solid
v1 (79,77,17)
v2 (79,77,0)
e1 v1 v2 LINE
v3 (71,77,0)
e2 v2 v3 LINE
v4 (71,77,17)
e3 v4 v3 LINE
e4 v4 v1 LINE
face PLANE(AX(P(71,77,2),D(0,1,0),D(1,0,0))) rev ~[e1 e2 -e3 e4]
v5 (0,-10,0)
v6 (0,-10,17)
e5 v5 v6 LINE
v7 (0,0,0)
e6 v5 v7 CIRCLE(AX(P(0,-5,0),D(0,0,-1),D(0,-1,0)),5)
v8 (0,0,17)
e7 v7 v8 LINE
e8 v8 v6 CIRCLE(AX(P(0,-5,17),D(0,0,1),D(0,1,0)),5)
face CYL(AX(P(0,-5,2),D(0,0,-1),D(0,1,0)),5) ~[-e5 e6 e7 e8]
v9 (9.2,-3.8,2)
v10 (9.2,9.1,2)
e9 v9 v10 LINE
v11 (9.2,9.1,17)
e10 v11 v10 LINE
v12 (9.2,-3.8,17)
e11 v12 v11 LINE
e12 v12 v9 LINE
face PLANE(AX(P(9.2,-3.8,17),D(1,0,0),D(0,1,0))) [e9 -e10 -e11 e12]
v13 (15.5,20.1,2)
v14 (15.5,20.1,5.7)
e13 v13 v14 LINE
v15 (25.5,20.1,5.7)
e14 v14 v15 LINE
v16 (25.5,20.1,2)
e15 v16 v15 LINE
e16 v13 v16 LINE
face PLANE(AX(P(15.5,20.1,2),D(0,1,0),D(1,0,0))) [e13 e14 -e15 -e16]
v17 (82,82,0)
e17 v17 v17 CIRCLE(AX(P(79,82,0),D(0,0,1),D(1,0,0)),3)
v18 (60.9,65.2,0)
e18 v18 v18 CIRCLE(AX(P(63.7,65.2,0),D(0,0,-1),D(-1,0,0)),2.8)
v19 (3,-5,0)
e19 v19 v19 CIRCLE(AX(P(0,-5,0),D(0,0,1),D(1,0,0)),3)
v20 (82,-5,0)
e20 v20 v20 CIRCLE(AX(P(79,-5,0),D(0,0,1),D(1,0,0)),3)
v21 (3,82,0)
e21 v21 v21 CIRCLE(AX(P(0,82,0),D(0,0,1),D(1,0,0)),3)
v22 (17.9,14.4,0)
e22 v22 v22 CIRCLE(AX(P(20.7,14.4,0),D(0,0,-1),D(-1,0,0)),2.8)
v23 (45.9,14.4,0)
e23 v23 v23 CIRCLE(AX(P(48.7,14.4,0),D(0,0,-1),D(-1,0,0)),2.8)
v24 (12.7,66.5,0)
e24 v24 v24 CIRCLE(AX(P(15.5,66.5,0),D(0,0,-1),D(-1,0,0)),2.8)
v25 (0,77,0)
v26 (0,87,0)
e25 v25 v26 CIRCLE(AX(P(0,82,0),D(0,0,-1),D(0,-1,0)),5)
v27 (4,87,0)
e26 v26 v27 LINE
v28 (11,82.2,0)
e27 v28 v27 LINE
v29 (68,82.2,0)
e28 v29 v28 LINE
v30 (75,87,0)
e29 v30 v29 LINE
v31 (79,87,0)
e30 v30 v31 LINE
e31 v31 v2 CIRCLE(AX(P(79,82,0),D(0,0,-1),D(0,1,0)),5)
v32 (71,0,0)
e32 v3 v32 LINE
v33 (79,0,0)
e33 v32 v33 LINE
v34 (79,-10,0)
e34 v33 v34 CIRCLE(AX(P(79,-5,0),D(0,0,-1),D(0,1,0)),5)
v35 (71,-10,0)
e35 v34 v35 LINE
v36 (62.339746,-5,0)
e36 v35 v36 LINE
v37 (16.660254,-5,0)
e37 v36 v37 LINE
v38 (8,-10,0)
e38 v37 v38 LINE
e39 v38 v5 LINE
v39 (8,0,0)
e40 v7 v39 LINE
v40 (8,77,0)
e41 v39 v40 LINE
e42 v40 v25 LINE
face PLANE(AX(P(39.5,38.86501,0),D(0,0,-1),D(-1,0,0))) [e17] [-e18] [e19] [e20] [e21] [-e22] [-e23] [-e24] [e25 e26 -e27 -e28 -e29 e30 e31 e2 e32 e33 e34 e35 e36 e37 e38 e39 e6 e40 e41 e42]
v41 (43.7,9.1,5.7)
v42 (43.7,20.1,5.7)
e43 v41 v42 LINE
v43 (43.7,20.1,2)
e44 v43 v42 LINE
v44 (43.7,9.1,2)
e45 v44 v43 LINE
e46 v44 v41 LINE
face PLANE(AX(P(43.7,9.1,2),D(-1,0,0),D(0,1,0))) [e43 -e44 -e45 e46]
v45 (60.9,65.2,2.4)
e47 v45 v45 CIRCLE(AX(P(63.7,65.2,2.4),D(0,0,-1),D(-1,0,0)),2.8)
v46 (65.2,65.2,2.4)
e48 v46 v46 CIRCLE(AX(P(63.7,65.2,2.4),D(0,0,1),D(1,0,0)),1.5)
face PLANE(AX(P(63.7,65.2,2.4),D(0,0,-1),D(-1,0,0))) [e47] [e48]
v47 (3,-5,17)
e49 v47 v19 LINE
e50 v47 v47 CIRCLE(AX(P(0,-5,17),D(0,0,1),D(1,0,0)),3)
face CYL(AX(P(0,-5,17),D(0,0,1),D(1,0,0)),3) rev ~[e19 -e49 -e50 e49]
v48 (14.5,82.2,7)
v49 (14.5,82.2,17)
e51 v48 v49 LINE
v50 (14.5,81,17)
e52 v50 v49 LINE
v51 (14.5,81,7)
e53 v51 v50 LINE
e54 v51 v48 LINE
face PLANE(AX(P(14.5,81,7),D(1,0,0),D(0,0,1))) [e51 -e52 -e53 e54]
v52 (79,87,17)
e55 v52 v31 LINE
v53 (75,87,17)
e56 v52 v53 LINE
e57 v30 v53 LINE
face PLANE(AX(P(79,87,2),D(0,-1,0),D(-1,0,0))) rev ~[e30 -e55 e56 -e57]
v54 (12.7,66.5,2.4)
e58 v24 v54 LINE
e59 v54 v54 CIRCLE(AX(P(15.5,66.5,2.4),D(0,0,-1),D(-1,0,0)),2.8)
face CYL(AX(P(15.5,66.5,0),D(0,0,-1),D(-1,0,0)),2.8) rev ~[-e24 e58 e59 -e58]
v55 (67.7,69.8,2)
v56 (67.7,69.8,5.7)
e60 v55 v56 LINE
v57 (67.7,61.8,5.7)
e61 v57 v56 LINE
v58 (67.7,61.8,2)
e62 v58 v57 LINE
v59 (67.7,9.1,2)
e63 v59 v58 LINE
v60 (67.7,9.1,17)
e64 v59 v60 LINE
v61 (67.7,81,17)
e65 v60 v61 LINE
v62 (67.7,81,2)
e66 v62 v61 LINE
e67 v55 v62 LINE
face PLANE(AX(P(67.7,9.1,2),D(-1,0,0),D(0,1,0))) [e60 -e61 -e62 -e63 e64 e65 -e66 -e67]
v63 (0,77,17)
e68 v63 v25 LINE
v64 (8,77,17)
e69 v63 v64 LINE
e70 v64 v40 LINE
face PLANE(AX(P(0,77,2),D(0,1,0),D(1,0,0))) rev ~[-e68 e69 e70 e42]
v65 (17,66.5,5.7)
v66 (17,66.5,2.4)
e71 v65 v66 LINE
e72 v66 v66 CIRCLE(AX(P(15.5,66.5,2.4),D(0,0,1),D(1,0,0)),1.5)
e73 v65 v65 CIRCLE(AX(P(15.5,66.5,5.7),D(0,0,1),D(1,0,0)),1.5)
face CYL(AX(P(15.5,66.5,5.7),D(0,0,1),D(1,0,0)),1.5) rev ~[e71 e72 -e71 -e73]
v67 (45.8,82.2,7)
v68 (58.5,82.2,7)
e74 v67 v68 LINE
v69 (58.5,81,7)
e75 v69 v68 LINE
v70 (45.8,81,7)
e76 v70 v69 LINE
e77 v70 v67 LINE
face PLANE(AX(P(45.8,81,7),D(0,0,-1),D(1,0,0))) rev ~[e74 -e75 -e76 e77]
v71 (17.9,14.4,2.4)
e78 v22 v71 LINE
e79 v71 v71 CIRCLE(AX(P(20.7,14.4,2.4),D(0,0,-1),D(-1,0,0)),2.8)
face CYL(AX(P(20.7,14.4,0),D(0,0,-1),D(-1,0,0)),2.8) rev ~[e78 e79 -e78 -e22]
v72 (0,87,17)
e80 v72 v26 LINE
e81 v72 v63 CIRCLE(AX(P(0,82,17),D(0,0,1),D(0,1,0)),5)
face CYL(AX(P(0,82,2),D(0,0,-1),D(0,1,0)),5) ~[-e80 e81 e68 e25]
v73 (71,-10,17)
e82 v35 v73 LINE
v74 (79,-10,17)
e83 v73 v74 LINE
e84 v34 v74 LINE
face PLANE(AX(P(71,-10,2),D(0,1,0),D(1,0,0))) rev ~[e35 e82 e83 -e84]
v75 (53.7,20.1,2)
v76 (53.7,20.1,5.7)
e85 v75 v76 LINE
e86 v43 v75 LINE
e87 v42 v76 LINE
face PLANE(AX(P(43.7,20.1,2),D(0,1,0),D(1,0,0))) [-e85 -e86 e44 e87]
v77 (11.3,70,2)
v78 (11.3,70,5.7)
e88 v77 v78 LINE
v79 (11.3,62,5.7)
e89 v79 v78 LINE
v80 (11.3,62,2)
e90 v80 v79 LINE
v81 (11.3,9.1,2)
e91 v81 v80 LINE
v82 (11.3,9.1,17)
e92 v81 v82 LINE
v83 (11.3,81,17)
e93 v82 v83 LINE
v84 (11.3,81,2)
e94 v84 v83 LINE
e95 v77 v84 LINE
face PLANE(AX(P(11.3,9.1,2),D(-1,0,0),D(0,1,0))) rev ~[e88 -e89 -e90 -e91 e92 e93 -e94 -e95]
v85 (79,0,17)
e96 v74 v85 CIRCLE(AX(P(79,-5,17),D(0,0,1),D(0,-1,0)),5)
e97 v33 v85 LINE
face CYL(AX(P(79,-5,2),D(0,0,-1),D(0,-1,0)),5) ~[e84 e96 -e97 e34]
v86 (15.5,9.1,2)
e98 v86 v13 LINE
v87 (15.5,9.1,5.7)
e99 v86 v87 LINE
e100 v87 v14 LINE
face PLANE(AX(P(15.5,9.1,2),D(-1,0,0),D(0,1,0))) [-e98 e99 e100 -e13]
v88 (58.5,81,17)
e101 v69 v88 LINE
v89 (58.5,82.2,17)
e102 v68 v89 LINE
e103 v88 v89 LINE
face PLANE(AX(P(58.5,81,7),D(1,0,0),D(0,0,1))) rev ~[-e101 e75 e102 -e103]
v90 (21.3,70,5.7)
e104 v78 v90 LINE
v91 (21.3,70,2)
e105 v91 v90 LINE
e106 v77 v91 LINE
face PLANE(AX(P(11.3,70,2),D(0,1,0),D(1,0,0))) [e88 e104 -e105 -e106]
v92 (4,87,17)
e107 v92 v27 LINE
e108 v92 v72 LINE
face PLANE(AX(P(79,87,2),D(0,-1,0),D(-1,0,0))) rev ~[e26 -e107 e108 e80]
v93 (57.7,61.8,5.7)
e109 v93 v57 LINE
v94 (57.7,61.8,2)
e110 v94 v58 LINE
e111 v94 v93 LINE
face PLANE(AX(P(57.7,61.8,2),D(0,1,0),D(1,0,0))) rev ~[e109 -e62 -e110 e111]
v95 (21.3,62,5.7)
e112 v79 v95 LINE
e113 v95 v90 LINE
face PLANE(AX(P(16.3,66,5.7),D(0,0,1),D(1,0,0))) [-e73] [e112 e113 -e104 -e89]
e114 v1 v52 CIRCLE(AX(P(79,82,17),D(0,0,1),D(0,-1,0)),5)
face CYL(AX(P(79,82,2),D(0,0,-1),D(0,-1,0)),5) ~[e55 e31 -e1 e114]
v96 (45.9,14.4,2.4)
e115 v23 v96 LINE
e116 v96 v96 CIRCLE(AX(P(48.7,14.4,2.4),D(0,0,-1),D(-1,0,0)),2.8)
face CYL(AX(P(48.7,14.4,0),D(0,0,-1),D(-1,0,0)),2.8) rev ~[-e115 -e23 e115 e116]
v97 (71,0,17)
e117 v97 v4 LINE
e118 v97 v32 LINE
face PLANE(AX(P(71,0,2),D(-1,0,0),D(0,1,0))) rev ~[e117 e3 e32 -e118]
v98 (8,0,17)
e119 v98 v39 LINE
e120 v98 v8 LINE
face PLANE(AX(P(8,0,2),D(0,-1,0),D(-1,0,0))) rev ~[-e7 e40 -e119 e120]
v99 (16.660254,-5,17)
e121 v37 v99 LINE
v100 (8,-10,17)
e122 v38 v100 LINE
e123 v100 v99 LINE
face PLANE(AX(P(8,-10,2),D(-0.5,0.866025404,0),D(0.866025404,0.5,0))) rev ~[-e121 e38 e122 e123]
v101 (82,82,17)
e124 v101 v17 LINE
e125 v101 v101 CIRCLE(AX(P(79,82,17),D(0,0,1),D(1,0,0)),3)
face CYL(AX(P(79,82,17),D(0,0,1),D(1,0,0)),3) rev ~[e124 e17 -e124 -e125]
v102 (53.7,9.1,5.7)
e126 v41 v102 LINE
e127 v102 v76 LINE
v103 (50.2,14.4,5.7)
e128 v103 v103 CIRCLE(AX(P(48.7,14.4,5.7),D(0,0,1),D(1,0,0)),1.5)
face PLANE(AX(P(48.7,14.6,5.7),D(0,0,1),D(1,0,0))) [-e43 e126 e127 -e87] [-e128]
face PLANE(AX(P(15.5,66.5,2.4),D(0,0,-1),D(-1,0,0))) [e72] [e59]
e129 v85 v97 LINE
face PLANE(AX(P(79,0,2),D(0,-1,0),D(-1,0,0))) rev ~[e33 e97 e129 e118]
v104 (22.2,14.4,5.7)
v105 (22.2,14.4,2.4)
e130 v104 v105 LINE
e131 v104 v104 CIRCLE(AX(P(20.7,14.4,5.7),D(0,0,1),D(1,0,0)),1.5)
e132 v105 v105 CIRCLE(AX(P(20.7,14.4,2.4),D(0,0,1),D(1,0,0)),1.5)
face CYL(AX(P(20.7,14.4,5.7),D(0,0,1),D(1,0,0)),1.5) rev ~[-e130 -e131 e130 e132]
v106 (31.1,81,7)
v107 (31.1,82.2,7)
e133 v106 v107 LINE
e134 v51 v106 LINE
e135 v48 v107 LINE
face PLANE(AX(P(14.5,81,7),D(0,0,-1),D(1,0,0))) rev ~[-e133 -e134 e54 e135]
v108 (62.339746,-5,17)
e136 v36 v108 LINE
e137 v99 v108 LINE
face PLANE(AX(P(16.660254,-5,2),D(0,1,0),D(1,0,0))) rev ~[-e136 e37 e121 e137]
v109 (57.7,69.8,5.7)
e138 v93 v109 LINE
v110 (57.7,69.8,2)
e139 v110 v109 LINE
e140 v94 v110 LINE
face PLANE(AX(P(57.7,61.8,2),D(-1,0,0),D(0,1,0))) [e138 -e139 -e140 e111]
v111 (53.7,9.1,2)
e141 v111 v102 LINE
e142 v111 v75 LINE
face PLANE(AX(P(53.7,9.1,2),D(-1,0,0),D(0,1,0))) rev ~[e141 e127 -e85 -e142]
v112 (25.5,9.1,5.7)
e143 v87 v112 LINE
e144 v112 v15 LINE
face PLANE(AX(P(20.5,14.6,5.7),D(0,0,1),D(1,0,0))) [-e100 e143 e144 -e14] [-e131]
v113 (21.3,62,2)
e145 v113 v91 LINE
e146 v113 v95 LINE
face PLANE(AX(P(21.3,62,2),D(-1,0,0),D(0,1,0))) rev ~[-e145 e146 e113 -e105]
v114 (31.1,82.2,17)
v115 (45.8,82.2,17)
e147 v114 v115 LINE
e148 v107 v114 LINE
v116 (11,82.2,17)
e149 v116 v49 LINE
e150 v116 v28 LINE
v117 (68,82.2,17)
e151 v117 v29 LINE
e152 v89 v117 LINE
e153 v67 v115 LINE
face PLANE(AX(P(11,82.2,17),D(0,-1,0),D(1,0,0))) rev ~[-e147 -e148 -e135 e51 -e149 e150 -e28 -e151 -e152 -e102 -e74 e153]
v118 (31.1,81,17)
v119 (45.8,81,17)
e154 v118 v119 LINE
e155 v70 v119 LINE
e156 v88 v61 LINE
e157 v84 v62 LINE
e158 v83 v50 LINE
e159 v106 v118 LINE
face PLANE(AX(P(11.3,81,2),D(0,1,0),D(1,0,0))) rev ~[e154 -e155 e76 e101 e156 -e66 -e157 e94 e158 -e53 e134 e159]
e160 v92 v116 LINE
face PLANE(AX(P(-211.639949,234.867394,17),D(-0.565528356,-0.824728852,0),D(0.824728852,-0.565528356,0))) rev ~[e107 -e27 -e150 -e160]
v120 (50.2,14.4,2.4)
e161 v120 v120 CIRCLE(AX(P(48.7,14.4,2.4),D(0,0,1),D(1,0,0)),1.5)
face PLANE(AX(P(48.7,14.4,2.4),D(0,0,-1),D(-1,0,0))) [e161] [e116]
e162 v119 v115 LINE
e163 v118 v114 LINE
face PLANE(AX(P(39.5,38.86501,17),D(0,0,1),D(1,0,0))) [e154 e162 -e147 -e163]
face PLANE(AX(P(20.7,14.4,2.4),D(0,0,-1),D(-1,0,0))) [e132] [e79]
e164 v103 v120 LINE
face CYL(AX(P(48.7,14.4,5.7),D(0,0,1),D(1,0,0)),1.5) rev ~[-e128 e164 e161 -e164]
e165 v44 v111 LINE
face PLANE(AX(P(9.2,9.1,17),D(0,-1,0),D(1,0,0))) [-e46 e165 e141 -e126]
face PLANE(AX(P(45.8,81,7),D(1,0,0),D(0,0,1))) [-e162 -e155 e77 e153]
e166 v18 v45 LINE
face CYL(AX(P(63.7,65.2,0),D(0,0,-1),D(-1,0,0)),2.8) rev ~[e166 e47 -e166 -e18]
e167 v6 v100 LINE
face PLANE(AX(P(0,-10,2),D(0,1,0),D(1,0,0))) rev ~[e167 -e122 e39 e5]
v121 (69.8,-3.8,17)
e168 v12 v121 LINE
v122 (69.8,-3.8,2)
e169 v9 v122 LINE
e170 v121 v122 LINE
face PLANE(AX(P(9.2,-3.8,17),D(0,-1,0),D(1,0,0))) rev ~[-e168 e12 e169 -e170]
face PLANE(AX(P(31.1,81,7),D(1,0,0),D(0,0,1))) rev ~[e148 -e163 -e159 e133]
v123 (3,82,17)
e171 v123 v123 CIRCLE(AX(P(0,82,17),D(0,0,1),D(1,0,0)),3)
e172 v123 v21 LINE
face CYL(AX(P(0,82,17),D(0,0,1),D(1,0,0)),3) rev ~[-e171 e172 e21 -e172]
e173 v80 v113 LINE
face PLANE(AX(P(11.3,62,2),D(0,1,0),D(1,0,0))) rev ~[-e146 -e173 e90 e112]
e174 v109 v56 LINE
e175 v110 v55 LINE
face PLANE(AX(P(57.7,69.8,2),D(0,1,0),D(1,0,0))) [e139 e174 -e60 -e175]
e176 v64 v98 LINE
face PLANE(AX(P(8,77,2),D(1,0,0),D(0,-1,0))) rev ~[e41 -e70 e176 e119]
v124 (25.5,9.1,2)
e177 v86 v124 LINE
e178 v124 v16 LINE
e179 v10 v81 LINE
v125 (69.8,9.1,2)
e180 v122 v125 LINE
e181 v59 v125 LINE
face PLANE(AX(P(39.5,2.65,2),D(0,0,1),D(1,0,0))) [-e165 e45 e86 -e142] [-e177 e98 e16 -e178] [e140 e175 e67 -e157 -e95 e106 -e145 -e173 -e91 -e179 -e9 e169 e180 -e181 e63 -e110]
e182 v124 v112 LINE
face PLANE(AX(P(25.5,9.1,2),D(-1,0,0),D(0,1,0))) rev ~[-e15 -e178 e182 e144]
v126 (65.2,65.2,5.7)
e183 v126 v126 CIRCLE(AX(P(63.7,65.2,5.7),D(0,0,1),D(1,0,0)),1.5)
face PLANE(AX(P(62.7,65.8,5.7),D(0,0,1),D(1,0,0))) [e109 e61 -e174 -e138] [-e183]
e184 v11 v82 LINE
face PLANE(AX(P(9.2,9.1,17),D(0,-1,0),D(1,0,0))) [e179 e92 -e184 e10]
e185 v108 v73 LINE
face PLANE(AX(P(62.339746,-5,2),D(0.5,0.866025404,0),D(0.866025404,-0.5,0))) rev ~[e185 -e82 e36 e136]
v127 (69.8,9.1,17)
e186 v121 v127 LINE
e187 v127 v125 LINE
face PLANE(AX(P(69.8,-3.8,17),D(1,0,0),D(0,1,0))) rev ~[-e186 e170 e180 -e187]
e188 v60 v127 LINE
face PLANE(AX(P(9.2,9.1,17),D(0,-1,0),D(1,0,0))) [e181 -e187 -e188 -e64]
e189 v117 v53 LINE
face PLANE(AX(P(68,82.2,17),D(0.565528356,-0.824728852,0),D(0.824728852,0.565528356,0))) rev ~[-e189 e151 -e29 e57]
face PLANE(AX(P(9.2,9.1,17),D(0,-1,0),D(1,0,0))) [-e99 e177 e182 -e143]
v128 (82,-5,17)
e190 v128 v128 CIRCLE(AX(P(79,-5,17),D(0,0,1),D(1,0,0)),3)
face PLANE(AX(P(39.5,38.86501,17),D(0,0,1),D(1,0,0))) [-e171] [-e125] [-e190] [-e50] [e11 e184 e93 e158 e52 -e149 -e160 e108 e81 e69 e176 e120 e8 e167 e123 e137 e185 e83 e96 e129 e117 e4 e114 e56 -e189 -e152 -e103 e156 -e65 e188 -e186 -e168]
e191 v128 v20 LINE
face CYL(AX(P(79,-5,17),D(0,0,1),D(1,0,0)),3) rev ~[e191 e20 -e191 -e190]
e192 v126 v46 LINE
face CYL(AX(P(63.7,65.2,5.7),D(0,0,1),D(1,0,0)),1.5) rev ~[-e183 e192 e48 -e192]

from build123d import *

# Parameters (mm, degrees)
EXTRUDE_1_DEPTH          = 2
SKETCH_2_W               = 56.4
SKETCH_2_H               = 71.9
EXTRUDE_3_DEPTH          = 15
SKETCH_6_R               = 3
CUT_EXTRUDE_1_DEPTH      = 18
SKETCH_7_W               = 10
SKETCH_7_H               = 8
SKETCH_7_H_2             = 11
EXTRUDE_4_DEPTH          = 3.7
SKETCH_8_R               = 1.5
CUT_EXTRUDE_2_DEPTH      = 6.7
CUT_EXTRUDE_5_DEPTH      = 1
CUT_EXTRUDE_5_DEPTH_BACK = 18
SKETCH_14_W              = 60.6
SKETCH_14_H              = 12.9
CUT_EXTRUDE_10_DEPTH     = 15
SKETCH_10_W              = 16.6
SKETCH_10_H              = 10
SKETCH_10_W_2            = 12.7
CUT_EXTRUDE_12_DEPTH     = 10
SKETCH_15_R              = 2.8
CUT_EXTRUDE_15_DEPTH     = 2.4


with BuildPart() as part:
    # 草图1 → 凸台-拉伸1 (new body)
    with BuildSketch(Plane.XY):
        with BuildLine():
            Line((0, 0), (8, 0))
            Line((8, 0), (8, 77))
            Line((8, 77), (0, 77))
            ThreePointArc((0, 77), (-5, 82), (0, 87))
            Line((0, 87), (79, 87))
            ThreePointArc((79, 87), (84, 82), (79, 77))
            Line((79, 77), (71, 77))
            Line((71, 77), (71, 0))
            Line((71, 0), (79, 0))
            ThreePointArc((79, 0), (84, -5), (79, -10))
            Line((79, -10), (71, -10))
            Line((71, -10), (62.339745962, -5))
            Line((62.339745962, -5), (16.660254038, -5))
            Line((16.660254038, -5), (8, -10))
            Line((8, -10), (0, -10))
            ThreePointArc((0, -10), (-5, -5), (0, 0))
        make_face()
    extrude(amount=EXTRUDE_1_DEPTH)

    # 草图2 → 凸台-拉伸3 (add)
    with BuildSketch(Plane.XY.offset(2)):
        with BuildLine():
            Line((8, 0), (0, 0))
            ThreePointArc((0, 0), (-5, -5), (0, -10))
            Line((0, -10), (8, -10))
            Line((8, -10), (16.660254038, -5))
            Line((16.660254038, -5), (62.339745962, -5))
            Line((62.339745962, -5), (71, -10))
            Line((71, -10), (79, -10))
            ThreePointArc((79, -10), (84, -5), (79, 0))
            Line((79, 0), (71, 0))
            Line((71, 0), (71, 77))
            Line((71, 77), (79, 77))
            ThreePointArc((79, 77), (84, 82), (79, 87))
            Line((79, 87), (0, 87))
            ThreePointArc((0, 87), (-5, 82), (0, 77))
            Line((0, 77), (8, 77))
            Line((8, 77), (8, 0))
        make_face()
        with Locations((39.5, 45.05)):
            Rectangle(SKETCH_2_W, SKETCH_2_H, mode=Mode.SUBTRACT)
    extrude(amount=EXTRUDE_3_DEPTH)

    # 草图6 → 切除-拉伸1 (cut, through all)
    with BuildSketch(Plane.XY.offset(17)):
        with Locations((0, 82)):
            Circle(SKETCH_6_R)
        with Locations((0, -5)):
            Circle(SKETCH_6_R)
        with Locations((79, -5)):
            Circle(SKETCH_6_R)
        with Locations((79, 82)):
            Circle(SKETCH_6_R)
    extrude(amount=-CUT_EXTRUDE_1_DEPTH, mode=Mode.SUBTRACT)

    # 草图7 → 凸台-拉伸4 (add)
    with BuildSketch(Plane.XY.offset(2)):
        with Locations((62.7, 65.8)):
            Rectangle(SKETCH_7_W, SKETCH_7_H)
        with Locations((16.3, 66)):
            Rectangle(SKETCH_7_W, SKETCH_7_H)
        with Locations((48.7, 14.6)):
            Rectangle(SKETCH_7_W, SKETCH_7_H_2)
        with Locations((20.5, 14.6)):
            Rectangle(SKETCH_7_W, SKETCH_7_H_2)
    extrude(amount=EXTRUDE_4_DEPTH)

    # 草图8 → 切除-拉伸2 (cut, through all)
    with BuildSketch(Plane.XY.offset(5.7)):
        with Locations((63.7, 65.2)):
            Circle(SKETCH_8_R)
        with Locations((15.5, 66.5)):
            Circle(SKETCH_8_R)
        with Locations((20.7, 14.4)):
            Circle(SKETCH_8_R)
        with Locations((48.7, 14.4)):
            Circle(SKETCH_8_R)
    extrude(amount=-CUT_EXTRUDE_2_DEPTH, mode=Mode.SUBTRACT)

    # 草图11 → 切除-拉伸5 (cut, two sides)
    with BuildSketch(Plane.XY.offset(17)) as cut_extrude_5_sk:
        Polygon((-211.639949222, 234.867393752), (4, 87), (11, 82.2), (68, 82.2), (75, 87), (290.639949222, 234.867393752), (290.639949222, 757.802777275), (-211.639949222, 757.802777275), align=None)
    extrude(amount=CUT_EXTRUDE_5_DEPTH, mode=Mode.SUBTRACT)
    extrude(cut_extrude_5_sk.sketch, amount=-CUT_EXTRUDE_5_DEPTH_BACK, mode=Mode.SUBTRACT)

    # 草图14 → 切除-拉伸10 (cut)
    with BuildSketch(Plane.XY.offset(17)):
        with Locations((39.5, 2.65)):
            Rectangle(SKETCH_14_W, SKETCH_14_H)
    extrude(amount=-CUT_EXTRUDE_10_DEPTH, mode=Mode.SUBTRACT)

    # 草图10 → 切除-拉伸12 (cut)
    with BuildSketch(Plane.XZ.offset(-81)):
        with Locations((22.8, 12)):
            Rectangle(SKETCH_10_W, SKETCH_10_H)
        with Locations((52.15, 12)):
            Rectangle(SKETCH_10_W_2, SKETCH_10_H)
    extrude(amount=-CUT_EXTRUDE_12_DEPTH, mode=Mode.SUBTRACT)

    # 草图15 → 切除-拉伸15 (cut)
    with BuildSketch(Plane(origin=(0, 0, 0), x_dir=(-1, 0, 0), z_dir=(0, 0, -1))):
        with Locations((-15.5, 66.5)):
            Circle(SKETCH_15_R)
        with Locations((-20.7, 14.4)):
            Circle(SKETCH_15_R)
        with Locations((-48.7, 14.4)):
            Circle(SKETCH_15_R)
        with Locations((-63.7, 65.2)):
            Circle(SKETCH_15_R)
    extrude(amount=-CUT_EXTRUDE_15_DEPTH, mode=Mode.SUBTRACT)


solid = part.part
